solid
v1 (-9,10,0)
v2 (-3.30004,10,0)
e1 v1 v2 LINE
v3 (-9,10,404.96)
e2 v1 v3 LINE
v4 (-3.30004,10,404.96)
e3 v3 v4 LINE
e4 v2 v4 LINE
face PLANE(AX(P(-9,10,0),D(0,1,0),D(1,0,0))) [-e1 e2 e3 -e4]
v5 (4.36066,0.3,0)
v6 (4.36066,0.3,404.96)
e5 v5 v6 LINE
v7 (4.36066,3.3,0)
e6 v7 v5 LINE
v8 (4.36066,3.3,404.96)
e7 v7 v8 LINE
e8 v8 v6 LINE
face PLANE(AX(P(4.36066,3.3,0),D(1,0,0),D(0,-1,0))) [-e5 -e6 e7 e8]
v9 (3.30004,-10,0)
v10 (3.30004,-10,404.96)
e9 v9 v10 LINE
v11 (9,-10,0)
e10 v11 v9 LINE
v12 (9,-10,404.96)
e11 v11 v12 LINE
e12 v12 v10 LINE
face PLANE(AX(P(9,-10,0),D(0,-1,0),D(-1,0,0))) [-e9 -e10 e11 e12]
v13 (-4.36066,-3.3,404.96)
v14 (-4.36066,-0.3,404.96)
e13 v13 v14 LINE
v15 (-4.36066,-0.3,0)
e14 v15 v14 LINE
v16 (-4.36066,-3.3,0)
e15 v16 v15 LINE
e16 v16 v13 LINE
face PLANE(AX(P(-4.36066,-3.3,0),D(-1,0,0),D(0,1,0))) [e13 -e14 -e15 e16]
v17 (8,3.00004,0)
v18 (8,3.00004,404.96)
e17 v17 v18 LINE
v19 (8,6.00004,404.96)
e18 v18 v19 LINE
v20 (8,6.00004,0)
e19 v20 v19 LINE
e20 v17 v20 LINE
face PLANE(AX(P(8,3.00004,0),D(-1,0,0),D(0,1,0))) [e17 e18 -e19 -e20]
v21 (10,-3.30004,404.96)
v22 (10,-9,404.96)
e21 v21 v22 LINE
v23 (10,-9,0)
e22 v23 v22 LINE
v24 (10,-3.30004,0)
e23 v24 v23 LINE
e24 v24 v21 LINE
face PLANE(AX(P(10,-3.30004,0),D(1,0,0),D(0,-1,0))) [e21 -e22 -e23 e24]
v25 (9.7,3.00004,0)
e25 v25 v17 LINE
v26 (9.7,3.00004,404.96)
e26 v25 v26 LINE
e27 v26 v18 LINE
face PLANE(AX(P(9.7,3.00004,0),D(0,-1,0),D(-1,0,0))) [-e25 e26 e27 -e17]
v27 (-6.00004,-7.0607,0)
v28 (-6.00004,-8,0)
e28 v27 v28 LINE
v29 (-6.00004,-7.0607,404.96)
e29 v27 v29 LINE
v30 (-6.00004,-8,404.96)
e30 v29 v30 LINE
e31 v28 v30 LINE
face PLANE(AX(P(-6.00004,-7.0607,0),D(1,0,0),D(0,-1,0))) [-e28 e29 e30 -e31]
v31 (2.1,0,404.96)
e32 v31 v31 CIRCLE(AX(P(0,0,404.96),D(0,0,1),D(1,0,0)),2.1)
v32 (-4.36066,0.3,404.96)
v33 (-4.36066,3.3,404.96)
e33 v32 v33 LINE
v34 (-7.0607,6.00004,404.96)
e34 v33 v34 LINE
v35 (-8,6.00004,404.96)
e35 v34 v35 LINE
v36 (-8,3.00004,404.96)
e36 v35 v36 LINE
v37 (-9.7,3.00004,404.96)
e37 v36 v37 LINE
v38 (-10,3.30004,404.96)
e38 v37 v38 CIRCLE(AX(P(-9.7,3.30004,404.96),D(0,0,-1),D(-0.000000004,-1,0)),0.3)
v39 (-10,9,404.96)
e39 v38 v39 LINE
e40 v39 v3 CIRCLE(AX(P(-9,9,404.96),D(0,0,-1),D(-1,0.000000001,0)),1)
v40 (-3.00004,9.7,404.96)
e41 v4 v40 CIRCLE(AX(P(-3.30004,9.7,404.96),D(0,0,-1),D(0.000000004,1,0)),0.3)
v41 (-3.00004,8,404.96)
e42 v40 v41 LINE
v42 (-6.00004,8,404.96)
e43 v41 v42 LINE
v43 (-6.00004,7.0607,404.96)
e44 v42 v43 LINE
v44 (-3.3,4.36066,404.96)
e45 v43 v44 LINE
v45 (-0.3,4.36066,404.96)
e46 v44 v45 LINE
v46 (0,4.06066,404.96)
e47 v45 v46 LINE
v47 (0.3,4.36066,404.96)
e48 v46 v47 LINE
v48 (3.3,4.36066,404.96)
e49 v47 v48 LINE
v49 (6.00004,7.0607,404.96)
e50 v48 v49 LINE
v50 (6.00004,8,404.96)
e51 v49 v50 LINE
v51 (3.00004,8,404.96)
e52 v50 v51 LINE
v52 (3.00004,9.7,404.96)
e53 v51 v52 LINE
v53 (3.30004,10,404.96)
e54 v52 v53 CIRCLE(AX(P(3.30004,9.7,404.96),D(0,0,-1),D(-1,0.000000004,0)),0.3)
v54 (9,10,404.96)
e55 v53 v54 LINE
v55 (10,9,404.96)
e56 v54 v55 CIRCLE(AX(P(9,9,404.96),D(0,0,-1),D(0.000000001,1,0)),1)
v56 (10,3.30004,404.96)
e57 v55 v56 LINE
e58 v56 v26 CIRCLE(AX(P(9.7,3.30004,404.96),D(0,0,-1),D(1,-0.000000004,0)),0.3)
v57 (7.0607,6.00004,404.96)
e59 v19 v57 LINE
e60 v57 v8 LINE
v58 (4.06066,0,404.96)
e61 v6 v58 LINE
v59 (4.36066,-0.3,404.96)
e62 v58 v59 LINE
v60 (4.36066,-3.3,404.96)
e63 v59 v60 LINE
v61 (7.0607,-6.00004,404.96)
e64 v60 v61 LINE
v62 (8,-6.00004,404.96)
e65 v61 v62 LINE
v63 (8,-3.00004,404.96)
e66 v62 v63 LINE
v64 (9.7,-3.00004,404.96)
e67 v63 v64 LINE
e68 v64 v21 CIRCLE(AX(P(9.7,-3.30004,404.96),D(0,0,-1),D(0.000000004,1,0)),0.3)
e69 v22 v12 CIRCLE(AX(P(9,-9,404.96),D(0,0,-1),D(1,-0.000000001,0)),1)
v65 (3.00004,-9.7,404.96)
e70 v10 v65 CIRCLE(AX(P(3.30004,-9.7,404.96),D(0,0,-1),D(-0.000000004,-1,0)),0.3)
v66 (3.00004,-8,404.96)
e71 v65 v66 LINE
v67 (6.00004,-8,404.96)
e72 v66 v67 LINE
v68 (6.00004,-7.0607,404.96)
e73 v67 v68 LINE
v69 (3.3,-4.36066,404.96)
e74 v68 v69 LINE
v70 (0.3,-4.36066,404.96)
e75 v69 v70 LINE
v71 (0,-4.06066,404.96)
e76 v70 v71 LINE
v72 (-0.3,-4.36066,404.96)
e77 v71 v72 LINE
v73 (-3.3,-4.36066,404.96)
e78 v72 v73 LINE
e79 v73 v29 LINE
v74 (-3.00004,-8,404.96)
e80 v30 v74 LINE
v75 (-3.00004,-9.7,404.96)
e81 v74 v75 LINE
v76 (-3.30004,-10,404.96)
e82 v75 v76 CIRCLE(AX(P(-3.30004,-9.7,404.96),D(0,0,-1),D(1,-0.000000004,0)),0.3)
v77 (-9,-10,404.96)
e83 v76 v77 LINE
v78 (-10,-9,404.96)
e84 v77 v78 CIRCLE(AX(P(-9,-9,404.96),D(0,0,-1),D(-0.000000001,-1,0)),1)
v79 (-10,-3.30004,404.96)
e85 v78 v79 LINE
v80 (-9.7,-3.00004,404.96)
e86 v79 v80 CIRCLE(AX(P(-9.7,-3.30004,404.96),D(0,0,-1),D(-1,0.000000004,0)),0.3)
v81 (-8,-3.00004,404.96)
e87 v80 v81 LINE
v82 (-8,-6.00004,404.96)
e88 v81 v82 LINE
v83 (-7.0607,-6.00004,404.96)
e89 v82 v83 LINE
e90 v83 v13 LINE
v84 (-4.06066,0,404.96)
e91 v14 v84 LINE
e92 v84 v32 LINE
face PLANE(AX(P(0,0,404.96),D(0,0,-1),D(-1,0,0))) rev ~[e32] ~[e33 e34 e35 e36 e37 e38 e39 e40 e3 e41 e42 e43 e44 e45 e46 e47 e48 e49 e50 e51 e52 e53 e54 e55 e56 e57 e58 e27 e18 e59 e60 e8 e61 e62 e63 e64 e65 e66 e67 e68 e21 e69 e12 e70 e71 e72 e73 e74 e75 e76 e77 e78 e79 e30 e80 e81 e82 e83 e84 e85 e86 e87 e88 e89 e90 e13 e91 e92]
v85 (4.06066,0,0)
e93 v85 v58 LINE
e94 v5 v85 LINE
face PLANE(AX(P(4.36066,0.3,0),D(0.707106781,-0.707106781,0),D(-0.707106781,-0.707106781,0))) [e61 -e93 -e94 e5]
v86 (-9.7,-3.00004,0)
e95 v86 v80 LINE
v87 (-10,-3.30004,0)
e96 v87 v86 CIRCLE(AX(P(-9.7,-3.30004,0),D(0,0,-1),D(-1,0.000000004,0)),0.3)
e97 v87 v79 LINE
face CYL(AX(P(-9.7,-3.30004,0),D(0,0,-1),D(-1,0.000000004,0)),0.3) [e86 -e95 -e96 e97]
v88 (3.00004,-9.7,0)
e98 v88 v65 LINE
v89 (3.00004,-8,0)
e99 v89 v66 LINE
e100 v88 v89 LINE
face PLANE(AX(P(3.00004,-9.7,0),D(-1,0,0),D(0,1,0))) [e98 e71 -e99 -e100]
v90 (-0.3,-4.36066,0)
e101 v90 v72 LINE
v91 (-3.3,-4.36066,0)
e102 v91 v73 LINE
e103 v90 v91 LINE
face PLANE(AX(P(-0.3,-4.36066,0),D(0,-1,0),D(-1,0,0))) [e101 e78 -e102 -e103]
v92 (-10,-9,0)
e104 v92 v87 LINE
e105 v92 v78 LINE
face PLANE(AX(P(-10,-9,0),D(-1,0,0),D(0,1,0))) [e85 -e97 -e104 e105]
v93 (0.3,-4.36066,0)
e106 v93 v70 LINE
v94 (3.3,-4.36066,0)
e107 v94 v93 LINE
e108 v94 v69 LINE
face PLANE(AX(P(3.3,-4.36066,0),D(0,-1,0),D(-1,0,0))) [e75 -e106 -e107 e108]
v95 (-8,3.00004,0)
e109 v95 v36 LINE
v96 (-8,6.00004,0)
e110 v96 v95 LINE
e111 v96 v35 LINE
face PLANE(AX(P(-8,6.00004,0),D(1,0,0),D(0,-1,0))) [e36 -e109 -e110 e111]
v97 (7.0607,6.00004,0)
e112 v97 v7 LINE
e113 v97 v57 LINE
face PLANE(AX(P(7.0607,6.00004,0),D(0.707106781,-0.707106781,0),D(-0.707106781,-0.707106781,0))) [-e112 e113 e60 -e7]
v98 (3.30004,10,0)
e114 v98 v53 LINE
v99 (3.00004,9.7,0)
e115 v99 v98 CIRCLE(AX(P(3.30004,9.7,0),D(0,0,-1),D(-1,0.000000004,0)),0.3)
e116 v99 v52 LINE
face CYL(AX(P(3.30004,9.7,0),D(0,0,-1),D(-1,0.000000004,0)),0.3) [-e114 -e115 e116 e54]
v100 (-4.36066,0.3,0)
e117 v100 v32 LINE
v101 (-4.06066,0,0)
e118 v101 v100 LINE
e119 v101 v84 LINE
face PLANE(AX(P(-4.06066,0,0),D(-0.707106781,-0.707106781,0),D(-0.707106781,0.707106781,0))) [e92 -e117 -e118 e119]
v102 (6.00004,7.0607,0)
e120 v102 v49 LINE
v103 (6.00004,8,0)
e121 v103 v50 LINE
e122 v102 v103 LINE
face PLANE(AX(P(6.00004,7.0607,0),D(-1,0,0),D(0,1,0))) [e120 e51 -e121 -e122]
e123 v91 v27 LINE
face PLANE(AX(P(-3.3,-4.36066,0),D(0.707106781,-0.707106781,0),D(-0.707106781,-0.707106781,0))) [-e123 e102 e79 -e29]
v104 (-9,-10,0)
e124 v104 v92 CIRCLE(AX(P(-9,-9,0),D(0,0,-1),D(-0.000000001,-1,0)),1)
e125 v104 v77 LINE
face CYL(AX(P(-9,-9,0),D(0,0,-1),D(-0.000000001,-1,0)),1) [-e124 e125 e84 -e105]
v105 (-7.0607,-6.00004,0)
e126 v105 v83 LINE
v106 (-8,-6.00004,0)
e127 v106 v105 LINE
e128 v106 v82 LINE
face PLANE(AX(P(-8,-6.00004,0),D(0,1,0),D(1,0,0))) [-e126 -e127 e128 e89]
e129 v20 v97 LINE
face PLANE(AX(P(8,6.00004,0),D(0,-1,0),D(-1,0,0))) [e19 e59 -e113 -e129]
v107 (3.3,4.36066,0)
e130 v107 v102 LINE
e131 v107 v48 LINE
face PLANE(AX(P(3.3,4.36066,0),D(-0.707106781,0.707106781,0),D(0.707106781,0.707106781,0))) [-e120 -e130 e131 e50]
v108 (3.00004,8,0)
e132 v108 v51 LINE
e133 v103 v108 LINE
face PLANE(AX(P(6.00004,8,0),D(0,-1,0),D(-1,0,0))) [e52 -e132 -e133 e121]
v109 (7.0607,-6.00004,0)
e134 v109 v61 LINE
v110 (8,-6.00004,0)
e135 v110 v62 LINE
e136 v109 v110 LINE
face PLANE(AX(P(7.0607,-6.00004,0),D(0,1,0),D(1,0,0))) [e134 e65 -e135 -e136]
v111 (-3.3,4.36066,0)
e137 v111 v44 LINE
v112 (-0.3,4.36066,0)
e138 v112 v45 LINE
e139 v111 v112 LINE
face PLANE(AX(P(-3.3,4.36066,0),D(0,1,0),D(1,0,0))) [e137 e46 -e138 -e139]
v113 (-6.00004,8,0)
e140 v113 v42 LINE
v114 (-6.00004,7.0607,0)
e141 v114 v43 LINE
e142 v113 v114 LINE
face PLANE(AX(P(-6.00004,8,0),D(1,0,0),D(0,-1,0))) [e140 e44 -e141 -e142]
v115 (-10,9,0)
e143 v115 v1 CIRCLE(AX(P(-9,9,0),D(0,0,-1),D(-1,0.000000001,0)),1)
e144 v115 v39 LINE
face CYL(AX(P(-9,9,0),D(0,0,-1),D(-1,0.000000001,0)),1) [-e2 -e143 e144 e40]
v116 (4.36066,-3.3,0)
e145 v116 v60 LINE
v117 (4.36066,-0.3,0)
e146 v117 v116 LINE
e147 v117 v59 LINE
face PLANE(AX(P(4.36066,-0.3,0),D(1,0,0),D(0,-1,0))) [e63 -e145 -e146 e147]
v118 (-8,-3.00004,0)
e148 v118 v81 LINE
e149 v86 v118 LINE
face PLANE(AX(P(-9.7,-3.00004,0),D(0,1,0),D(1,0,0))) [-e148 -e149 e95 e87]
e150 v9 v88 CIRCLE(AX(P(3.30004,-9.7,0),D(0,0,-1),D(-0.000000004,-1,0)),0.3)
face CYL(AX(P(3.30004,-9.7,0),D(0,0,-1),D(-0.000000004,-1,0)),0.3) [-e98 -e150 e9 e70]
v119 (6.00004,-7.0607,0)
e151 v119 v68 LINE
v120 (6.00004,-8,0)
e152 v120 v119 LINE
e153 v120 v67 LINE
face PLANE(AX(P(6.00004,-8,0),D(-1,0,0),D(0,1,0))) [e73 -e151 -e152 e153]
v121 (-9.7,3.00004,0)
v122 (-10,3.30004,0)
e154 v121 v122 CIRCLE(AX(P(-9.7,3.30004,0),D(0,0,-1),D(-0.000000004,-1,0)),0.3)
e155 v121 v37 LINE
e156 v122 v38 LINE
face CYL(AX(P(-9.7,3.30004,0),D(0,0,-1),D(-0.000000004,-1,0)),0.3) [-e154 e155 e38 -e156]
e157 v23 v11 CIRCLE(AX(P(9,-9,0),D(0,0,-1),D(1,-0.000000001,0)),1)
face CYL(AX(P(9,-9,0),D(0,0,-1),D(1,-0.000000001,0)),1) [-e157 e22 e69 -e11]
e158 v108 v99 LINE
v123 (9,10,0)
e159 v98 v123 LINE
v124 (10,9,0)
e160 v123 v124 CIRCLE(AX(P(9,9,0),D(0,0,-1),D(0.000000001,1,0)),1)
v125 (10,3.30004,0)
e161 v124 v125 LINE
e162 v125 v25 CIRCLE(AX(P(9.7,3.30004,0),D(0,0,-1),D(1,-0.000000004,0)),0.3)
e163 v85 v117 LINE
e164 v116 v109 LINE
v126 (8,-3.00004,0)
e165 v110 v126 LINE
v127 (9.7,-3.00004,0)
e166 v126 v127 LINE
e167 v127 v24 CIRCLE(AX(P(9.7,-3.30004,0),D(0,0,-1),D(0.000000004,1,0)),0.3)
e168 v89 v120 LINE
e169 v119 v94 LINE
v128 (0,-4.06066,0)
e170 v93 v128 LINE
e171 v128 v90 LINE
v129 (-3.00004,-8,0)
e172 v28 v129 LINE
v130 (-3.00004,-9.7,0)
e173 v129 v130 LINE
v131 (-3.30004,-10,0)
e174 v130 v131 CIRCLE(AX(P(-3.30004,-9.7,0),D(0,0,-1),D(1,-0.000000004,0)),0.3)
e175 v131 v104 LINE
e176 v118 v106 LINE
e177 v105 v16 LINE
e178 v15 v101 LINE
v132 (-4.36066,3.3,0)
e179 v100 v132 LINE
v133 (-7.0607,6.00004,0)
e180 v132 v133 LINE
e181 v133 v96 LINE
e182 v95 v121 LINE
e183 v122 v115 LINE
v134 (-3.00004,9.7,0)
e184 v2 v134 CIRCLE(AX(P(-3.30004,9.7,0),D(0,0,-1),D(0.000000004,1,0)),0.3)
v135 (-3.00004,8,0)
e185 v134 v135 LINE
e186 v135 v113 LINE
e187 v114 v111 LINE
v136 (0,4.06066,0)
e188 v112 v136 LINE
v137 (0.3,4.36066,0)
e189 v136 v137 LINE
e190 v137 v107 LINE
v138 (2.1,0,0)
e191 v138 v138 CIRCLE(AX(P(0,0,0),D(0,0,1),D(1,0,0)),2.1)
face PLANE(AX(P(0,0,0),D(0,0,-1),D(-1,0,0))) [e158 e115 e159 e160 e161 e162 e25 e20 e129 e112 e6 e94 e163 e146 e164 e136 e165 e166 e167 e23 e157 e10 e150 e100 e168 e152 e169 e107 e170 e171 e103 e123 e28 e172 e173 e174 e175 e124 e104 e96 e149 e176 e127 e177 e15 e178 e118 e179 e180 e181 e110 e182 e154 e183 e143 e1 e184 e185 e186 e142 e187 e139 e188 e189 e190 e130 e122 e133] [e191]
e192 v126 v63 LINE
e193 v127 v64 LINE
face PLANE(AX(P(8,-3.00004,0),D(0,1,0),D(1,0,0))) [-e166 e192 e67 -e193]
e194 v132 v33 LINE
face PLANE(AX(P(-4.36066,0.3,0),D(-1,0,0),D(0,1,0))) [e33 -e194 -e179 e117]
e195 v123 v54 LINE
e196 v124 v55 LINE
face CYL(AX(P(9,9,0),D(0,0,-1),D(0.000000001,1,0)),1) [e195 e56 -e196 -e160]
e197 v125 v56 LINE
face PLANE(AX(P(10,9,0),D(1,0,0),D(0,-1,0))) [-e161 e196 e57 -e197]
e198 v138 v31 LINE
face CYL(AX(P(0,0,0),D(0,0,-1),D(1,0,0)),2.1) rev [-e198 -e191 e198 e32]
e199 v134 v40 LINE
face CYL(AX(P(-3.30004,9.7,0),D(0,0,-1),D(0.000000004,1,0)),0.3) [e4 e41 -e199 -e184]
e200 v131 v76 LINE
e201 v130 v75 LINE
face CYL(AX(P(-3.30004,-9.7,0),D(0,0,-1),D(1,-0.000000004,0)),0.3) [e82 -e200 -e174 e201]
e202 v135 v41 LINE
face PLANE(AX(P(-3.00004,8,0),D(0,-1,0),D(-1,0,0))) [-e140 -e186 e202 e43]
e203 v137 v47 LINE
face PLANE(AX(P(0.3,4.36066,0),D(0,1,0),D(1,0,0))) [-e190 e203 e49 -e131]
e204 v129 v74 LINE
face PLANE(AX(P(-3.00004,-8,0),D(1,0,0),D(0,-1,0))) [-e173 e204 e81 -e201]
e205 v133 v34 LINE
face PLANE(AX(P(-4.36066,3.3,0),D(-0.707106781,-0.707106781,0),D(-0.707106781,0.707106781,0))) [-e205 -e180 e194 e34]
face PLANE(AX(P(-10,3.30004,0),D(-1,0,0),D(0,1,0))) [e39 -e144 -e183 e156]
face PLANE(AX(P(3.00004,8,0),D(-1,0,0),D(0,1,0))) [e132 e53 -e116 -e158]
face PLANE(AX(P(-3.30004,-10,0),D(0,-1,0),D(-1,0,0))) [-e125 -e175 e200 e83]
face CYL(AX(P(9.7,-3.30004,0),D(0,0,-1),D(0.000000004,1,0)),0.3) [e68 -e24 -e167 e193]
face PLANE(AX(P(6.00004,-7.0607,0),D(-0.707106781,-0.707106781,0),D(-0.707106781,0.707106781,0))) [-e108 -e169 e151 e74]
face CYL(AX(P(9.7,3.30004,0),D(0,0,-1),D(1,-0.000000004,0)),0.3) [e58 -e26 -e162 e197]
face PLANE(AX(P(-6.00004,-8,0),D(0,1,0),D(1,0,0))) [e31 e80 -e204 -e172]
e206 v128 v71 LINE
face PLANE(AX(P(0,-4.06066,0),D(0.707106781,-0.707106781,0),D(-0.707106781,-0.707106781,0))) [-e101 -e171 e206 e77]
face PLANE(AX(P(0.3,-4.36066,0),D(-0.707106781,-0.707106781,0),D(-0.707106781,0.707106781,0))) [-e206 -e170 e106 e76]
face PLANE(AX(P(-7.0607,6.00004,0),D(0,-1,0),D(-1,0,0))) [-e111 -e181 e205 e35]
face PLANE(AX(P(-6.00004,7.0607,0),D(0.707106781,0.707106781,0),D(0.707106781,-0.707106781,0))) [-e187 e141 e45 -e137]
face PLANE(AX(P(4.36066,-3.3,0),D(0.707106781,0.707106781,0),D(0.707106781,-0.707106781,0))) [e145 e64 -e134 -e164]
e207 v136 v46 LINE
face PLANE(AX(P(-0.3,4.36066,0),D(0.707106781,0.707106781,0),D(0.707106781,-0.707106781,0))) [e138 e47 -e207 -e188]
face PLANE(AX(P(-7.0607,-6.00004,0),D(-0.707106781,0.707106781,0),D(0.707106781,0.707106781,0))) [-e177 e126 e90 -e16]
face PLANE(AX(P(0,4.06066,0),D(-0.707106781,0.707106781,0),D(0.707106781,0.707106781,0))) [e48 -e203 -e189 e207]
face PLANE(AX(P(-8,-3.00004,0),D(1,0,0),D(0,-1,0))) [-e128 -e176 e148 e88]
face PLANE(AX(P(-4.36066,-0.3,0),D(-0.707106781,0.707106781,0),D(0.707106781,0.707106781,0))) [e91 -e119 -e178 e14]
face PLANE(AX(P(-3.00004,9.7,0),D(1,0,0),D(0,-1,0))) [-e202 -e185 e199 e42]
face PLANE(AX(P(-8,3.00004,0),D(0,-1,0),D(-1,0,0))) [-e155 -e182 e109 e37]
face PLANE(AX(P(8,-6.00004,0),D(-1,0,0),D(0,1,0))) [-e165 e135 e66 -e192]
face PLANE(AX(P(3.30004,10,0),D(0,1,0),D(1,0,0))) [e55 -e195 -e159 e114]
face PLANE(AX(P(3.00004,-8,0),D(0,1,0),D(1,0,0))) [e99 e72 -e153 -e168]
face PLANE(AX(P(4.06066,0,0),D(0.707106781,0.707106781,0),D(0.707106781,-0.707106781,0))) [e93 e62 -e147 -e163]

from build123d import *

# Parameters (mm, degrees)
SKETCH1_R           = 2.1
BOSS_EXTRUDE1_DEPTH = 404.96


with BuildPart() as part:
    # Sketch1 → Boss-Extrude1 (new body)
    with BuildSketch(Plane.XY):
        with BuildLine():
            Line((3.3, 4.360660172), (6.000039828, 7.0607))
            Line((6.000039828, 7.0607), (6.000039828, 8))
            Line((6.000039828, 8), (3.000039828, 8))
            Line((3.000039828, 8), (3.000039828, 9.7))
            ThreePointArc((3.000039828, 9.7), (3.087907794, 9.912132034), (3.300039828, 10))
            Line((3.300039828, 10), (9, 10))
            ThreePointArc((9, 10), (9.707106781, 9.707106781), (10, 9))
            Line((10, 9), (10, 3.300039828))
            ThreePointArc((10, 3.300039828), (9.912132034, 3.087907794), (9.7, 3.000039828))
            Line((9.7, 3.000039828), (8, 3.000039828))
            Line((8, 3.000039828), (8, 6.000039828))
            Line((8, 6.000039828), (7.0607, 6.000039828))
            Line((7.0607, 6.000039828), (4.360660172, 3.3))
            Line((4.360660172, 3.3), (4.360660172, 0.3))
            Line((4.360660172, 0.3), (4.060660172, 0))
            Line((4.060660172, 0), (4.360660172, -0.3))
            Line((4.360660172, -0.3), (4.360660172, -3.3))
            Line((4.360660172, -3.3), (7.0607, -6.000039828))
            Line((7.0607, -6.000039828), (8, -6.000039828))
            Line((8, -6.000039828), (8, -3.000039828))
            Line((8, -3.000039828), (9.7, -3.000039828))
            ThreePointArc((9.7, -3.000039828), (9.912132034, -3.087907794), (10, -3.300039828))
            Line((10, -3.300039828), (10, -9))
            ThreePointArc((10, -9), (9.707106781, -9.707106781), (9, -10))
            Line((9, -10), (3.300039828, -10))
            ThreePointArc((3.300039828, -10), (3.087907794, -9.912132034), (3.000039828, -9.7))
            Line((3.000039828, -9.7), (3.000039828, -8))
            Line((3.000039828, -8), (6.000039828, -8))
            Line((6.000039828, -8), (6.000039828, -7.0607))
            Line((6.000039828, -7.0607), (3.3, -4.360660172))
            Line((3.3, -4.360660172), (0.3, -4.360660172))
            Line((0.3, -4.360660172), (0, -4.060660172))
            Line((0, -4.060660172), (-0.3, -4.360660172))
            Line((-0.3, -4.360660172), (-3.3, -4.360660172))
            Line((-3.3, -4.360660172), (-6.000039828, -7.0607))
            Line((-6.000039828, -7.0607), (-6.000039828, -8))
            Line((-6.000039828, -8), (-3.000039828, -8))
            Line((-3.000039828, -8), (-3.000039828, -9.7))
            ThreePointArc((-3.000039828, -9.7), (-3.087907794, -9.912132034), (-3.300039828, -10))
            Line((-3.300039828, -10), (-9, -10))
            ThreePointArc((-9, -10), (-9.707106781, -9.707106781), (-10, -9))
            Line((-10, -9), (-10, -3.300039828))
            ThreePointArc((-10, -3.300039828), (-9.912132034, -3.087907794), (-9.7, -3.000039828))
            Line((-9.7, -3.000039828), (-8, -3.000039828))
            Line((-8, -3.000039828), (-8, -6.000039828))
            Line((-8, -6.000039828), (-7.0607, -6.000039828))
            Line((-7.0607, -6.000039828), (-4.360660172, -3.3))
            Line((-4.360660172, -3.3), (-4.360660172, -0.3))
            Line((-4.360660172, -0.3), (-4.060660172, 0))
            Line((-4.060660172, 0), (-4.360660172, 0.3))
            Line((-4.360660172, 0.3), (-4.360660172, 3.3))
            Line((-4.360660172, 3.3), (-7.0607, 6.000039828))
            Line((-7.0607, 6.000039828), (-8, 6.000039828))
            Line((-8, 6.000039828), (-8, 3.000039828))
            Line((-8, 3.000039828), (-9.7, 3.000039828))
            ThreePointArc((-9.7, 3.000039828), (-9.912132034, 3.087907794), (-10, 3.300039828))
            Line((-10, 3.300039828), (-10, 9))
            ThreePointArc((-10, 9), (-9.707106781, 9.707106781), (-9, 10))
            Line((-9, 10), (-3.300039828, 10))
            ThreePointArc((-3.300039828, 10), (-3.087907794, 9.912132034), (-3.000039828, 9.7))
            Line((-3.000039828, 9.7), (-3.000039828, 8))
            Line((-3.000039828, 8), (-6.000039828, 8))
            Line((-6.000039828, 8), (-6.000039828, 7.0607))
            Line((-6.000039828, 7.0607), (-3.3, 4.360660172))
            Line((-3.3, 4.360660172), (-0.3, 4.360660172))
            Line((-0.3, 4.360660172), (0, 4.060660172))
            Line((0, 4.060660172), (0.3, 4.360660172))
            Line((0.3, 4.360660172), (3.3, 4.360660172))
        make_face()
        Circle(SKETCH1_R, mode=Mode.SUBTRACT)
    extrude(amount=BOSS_EXTRUDE1_DEPTH)


solid = part.part
